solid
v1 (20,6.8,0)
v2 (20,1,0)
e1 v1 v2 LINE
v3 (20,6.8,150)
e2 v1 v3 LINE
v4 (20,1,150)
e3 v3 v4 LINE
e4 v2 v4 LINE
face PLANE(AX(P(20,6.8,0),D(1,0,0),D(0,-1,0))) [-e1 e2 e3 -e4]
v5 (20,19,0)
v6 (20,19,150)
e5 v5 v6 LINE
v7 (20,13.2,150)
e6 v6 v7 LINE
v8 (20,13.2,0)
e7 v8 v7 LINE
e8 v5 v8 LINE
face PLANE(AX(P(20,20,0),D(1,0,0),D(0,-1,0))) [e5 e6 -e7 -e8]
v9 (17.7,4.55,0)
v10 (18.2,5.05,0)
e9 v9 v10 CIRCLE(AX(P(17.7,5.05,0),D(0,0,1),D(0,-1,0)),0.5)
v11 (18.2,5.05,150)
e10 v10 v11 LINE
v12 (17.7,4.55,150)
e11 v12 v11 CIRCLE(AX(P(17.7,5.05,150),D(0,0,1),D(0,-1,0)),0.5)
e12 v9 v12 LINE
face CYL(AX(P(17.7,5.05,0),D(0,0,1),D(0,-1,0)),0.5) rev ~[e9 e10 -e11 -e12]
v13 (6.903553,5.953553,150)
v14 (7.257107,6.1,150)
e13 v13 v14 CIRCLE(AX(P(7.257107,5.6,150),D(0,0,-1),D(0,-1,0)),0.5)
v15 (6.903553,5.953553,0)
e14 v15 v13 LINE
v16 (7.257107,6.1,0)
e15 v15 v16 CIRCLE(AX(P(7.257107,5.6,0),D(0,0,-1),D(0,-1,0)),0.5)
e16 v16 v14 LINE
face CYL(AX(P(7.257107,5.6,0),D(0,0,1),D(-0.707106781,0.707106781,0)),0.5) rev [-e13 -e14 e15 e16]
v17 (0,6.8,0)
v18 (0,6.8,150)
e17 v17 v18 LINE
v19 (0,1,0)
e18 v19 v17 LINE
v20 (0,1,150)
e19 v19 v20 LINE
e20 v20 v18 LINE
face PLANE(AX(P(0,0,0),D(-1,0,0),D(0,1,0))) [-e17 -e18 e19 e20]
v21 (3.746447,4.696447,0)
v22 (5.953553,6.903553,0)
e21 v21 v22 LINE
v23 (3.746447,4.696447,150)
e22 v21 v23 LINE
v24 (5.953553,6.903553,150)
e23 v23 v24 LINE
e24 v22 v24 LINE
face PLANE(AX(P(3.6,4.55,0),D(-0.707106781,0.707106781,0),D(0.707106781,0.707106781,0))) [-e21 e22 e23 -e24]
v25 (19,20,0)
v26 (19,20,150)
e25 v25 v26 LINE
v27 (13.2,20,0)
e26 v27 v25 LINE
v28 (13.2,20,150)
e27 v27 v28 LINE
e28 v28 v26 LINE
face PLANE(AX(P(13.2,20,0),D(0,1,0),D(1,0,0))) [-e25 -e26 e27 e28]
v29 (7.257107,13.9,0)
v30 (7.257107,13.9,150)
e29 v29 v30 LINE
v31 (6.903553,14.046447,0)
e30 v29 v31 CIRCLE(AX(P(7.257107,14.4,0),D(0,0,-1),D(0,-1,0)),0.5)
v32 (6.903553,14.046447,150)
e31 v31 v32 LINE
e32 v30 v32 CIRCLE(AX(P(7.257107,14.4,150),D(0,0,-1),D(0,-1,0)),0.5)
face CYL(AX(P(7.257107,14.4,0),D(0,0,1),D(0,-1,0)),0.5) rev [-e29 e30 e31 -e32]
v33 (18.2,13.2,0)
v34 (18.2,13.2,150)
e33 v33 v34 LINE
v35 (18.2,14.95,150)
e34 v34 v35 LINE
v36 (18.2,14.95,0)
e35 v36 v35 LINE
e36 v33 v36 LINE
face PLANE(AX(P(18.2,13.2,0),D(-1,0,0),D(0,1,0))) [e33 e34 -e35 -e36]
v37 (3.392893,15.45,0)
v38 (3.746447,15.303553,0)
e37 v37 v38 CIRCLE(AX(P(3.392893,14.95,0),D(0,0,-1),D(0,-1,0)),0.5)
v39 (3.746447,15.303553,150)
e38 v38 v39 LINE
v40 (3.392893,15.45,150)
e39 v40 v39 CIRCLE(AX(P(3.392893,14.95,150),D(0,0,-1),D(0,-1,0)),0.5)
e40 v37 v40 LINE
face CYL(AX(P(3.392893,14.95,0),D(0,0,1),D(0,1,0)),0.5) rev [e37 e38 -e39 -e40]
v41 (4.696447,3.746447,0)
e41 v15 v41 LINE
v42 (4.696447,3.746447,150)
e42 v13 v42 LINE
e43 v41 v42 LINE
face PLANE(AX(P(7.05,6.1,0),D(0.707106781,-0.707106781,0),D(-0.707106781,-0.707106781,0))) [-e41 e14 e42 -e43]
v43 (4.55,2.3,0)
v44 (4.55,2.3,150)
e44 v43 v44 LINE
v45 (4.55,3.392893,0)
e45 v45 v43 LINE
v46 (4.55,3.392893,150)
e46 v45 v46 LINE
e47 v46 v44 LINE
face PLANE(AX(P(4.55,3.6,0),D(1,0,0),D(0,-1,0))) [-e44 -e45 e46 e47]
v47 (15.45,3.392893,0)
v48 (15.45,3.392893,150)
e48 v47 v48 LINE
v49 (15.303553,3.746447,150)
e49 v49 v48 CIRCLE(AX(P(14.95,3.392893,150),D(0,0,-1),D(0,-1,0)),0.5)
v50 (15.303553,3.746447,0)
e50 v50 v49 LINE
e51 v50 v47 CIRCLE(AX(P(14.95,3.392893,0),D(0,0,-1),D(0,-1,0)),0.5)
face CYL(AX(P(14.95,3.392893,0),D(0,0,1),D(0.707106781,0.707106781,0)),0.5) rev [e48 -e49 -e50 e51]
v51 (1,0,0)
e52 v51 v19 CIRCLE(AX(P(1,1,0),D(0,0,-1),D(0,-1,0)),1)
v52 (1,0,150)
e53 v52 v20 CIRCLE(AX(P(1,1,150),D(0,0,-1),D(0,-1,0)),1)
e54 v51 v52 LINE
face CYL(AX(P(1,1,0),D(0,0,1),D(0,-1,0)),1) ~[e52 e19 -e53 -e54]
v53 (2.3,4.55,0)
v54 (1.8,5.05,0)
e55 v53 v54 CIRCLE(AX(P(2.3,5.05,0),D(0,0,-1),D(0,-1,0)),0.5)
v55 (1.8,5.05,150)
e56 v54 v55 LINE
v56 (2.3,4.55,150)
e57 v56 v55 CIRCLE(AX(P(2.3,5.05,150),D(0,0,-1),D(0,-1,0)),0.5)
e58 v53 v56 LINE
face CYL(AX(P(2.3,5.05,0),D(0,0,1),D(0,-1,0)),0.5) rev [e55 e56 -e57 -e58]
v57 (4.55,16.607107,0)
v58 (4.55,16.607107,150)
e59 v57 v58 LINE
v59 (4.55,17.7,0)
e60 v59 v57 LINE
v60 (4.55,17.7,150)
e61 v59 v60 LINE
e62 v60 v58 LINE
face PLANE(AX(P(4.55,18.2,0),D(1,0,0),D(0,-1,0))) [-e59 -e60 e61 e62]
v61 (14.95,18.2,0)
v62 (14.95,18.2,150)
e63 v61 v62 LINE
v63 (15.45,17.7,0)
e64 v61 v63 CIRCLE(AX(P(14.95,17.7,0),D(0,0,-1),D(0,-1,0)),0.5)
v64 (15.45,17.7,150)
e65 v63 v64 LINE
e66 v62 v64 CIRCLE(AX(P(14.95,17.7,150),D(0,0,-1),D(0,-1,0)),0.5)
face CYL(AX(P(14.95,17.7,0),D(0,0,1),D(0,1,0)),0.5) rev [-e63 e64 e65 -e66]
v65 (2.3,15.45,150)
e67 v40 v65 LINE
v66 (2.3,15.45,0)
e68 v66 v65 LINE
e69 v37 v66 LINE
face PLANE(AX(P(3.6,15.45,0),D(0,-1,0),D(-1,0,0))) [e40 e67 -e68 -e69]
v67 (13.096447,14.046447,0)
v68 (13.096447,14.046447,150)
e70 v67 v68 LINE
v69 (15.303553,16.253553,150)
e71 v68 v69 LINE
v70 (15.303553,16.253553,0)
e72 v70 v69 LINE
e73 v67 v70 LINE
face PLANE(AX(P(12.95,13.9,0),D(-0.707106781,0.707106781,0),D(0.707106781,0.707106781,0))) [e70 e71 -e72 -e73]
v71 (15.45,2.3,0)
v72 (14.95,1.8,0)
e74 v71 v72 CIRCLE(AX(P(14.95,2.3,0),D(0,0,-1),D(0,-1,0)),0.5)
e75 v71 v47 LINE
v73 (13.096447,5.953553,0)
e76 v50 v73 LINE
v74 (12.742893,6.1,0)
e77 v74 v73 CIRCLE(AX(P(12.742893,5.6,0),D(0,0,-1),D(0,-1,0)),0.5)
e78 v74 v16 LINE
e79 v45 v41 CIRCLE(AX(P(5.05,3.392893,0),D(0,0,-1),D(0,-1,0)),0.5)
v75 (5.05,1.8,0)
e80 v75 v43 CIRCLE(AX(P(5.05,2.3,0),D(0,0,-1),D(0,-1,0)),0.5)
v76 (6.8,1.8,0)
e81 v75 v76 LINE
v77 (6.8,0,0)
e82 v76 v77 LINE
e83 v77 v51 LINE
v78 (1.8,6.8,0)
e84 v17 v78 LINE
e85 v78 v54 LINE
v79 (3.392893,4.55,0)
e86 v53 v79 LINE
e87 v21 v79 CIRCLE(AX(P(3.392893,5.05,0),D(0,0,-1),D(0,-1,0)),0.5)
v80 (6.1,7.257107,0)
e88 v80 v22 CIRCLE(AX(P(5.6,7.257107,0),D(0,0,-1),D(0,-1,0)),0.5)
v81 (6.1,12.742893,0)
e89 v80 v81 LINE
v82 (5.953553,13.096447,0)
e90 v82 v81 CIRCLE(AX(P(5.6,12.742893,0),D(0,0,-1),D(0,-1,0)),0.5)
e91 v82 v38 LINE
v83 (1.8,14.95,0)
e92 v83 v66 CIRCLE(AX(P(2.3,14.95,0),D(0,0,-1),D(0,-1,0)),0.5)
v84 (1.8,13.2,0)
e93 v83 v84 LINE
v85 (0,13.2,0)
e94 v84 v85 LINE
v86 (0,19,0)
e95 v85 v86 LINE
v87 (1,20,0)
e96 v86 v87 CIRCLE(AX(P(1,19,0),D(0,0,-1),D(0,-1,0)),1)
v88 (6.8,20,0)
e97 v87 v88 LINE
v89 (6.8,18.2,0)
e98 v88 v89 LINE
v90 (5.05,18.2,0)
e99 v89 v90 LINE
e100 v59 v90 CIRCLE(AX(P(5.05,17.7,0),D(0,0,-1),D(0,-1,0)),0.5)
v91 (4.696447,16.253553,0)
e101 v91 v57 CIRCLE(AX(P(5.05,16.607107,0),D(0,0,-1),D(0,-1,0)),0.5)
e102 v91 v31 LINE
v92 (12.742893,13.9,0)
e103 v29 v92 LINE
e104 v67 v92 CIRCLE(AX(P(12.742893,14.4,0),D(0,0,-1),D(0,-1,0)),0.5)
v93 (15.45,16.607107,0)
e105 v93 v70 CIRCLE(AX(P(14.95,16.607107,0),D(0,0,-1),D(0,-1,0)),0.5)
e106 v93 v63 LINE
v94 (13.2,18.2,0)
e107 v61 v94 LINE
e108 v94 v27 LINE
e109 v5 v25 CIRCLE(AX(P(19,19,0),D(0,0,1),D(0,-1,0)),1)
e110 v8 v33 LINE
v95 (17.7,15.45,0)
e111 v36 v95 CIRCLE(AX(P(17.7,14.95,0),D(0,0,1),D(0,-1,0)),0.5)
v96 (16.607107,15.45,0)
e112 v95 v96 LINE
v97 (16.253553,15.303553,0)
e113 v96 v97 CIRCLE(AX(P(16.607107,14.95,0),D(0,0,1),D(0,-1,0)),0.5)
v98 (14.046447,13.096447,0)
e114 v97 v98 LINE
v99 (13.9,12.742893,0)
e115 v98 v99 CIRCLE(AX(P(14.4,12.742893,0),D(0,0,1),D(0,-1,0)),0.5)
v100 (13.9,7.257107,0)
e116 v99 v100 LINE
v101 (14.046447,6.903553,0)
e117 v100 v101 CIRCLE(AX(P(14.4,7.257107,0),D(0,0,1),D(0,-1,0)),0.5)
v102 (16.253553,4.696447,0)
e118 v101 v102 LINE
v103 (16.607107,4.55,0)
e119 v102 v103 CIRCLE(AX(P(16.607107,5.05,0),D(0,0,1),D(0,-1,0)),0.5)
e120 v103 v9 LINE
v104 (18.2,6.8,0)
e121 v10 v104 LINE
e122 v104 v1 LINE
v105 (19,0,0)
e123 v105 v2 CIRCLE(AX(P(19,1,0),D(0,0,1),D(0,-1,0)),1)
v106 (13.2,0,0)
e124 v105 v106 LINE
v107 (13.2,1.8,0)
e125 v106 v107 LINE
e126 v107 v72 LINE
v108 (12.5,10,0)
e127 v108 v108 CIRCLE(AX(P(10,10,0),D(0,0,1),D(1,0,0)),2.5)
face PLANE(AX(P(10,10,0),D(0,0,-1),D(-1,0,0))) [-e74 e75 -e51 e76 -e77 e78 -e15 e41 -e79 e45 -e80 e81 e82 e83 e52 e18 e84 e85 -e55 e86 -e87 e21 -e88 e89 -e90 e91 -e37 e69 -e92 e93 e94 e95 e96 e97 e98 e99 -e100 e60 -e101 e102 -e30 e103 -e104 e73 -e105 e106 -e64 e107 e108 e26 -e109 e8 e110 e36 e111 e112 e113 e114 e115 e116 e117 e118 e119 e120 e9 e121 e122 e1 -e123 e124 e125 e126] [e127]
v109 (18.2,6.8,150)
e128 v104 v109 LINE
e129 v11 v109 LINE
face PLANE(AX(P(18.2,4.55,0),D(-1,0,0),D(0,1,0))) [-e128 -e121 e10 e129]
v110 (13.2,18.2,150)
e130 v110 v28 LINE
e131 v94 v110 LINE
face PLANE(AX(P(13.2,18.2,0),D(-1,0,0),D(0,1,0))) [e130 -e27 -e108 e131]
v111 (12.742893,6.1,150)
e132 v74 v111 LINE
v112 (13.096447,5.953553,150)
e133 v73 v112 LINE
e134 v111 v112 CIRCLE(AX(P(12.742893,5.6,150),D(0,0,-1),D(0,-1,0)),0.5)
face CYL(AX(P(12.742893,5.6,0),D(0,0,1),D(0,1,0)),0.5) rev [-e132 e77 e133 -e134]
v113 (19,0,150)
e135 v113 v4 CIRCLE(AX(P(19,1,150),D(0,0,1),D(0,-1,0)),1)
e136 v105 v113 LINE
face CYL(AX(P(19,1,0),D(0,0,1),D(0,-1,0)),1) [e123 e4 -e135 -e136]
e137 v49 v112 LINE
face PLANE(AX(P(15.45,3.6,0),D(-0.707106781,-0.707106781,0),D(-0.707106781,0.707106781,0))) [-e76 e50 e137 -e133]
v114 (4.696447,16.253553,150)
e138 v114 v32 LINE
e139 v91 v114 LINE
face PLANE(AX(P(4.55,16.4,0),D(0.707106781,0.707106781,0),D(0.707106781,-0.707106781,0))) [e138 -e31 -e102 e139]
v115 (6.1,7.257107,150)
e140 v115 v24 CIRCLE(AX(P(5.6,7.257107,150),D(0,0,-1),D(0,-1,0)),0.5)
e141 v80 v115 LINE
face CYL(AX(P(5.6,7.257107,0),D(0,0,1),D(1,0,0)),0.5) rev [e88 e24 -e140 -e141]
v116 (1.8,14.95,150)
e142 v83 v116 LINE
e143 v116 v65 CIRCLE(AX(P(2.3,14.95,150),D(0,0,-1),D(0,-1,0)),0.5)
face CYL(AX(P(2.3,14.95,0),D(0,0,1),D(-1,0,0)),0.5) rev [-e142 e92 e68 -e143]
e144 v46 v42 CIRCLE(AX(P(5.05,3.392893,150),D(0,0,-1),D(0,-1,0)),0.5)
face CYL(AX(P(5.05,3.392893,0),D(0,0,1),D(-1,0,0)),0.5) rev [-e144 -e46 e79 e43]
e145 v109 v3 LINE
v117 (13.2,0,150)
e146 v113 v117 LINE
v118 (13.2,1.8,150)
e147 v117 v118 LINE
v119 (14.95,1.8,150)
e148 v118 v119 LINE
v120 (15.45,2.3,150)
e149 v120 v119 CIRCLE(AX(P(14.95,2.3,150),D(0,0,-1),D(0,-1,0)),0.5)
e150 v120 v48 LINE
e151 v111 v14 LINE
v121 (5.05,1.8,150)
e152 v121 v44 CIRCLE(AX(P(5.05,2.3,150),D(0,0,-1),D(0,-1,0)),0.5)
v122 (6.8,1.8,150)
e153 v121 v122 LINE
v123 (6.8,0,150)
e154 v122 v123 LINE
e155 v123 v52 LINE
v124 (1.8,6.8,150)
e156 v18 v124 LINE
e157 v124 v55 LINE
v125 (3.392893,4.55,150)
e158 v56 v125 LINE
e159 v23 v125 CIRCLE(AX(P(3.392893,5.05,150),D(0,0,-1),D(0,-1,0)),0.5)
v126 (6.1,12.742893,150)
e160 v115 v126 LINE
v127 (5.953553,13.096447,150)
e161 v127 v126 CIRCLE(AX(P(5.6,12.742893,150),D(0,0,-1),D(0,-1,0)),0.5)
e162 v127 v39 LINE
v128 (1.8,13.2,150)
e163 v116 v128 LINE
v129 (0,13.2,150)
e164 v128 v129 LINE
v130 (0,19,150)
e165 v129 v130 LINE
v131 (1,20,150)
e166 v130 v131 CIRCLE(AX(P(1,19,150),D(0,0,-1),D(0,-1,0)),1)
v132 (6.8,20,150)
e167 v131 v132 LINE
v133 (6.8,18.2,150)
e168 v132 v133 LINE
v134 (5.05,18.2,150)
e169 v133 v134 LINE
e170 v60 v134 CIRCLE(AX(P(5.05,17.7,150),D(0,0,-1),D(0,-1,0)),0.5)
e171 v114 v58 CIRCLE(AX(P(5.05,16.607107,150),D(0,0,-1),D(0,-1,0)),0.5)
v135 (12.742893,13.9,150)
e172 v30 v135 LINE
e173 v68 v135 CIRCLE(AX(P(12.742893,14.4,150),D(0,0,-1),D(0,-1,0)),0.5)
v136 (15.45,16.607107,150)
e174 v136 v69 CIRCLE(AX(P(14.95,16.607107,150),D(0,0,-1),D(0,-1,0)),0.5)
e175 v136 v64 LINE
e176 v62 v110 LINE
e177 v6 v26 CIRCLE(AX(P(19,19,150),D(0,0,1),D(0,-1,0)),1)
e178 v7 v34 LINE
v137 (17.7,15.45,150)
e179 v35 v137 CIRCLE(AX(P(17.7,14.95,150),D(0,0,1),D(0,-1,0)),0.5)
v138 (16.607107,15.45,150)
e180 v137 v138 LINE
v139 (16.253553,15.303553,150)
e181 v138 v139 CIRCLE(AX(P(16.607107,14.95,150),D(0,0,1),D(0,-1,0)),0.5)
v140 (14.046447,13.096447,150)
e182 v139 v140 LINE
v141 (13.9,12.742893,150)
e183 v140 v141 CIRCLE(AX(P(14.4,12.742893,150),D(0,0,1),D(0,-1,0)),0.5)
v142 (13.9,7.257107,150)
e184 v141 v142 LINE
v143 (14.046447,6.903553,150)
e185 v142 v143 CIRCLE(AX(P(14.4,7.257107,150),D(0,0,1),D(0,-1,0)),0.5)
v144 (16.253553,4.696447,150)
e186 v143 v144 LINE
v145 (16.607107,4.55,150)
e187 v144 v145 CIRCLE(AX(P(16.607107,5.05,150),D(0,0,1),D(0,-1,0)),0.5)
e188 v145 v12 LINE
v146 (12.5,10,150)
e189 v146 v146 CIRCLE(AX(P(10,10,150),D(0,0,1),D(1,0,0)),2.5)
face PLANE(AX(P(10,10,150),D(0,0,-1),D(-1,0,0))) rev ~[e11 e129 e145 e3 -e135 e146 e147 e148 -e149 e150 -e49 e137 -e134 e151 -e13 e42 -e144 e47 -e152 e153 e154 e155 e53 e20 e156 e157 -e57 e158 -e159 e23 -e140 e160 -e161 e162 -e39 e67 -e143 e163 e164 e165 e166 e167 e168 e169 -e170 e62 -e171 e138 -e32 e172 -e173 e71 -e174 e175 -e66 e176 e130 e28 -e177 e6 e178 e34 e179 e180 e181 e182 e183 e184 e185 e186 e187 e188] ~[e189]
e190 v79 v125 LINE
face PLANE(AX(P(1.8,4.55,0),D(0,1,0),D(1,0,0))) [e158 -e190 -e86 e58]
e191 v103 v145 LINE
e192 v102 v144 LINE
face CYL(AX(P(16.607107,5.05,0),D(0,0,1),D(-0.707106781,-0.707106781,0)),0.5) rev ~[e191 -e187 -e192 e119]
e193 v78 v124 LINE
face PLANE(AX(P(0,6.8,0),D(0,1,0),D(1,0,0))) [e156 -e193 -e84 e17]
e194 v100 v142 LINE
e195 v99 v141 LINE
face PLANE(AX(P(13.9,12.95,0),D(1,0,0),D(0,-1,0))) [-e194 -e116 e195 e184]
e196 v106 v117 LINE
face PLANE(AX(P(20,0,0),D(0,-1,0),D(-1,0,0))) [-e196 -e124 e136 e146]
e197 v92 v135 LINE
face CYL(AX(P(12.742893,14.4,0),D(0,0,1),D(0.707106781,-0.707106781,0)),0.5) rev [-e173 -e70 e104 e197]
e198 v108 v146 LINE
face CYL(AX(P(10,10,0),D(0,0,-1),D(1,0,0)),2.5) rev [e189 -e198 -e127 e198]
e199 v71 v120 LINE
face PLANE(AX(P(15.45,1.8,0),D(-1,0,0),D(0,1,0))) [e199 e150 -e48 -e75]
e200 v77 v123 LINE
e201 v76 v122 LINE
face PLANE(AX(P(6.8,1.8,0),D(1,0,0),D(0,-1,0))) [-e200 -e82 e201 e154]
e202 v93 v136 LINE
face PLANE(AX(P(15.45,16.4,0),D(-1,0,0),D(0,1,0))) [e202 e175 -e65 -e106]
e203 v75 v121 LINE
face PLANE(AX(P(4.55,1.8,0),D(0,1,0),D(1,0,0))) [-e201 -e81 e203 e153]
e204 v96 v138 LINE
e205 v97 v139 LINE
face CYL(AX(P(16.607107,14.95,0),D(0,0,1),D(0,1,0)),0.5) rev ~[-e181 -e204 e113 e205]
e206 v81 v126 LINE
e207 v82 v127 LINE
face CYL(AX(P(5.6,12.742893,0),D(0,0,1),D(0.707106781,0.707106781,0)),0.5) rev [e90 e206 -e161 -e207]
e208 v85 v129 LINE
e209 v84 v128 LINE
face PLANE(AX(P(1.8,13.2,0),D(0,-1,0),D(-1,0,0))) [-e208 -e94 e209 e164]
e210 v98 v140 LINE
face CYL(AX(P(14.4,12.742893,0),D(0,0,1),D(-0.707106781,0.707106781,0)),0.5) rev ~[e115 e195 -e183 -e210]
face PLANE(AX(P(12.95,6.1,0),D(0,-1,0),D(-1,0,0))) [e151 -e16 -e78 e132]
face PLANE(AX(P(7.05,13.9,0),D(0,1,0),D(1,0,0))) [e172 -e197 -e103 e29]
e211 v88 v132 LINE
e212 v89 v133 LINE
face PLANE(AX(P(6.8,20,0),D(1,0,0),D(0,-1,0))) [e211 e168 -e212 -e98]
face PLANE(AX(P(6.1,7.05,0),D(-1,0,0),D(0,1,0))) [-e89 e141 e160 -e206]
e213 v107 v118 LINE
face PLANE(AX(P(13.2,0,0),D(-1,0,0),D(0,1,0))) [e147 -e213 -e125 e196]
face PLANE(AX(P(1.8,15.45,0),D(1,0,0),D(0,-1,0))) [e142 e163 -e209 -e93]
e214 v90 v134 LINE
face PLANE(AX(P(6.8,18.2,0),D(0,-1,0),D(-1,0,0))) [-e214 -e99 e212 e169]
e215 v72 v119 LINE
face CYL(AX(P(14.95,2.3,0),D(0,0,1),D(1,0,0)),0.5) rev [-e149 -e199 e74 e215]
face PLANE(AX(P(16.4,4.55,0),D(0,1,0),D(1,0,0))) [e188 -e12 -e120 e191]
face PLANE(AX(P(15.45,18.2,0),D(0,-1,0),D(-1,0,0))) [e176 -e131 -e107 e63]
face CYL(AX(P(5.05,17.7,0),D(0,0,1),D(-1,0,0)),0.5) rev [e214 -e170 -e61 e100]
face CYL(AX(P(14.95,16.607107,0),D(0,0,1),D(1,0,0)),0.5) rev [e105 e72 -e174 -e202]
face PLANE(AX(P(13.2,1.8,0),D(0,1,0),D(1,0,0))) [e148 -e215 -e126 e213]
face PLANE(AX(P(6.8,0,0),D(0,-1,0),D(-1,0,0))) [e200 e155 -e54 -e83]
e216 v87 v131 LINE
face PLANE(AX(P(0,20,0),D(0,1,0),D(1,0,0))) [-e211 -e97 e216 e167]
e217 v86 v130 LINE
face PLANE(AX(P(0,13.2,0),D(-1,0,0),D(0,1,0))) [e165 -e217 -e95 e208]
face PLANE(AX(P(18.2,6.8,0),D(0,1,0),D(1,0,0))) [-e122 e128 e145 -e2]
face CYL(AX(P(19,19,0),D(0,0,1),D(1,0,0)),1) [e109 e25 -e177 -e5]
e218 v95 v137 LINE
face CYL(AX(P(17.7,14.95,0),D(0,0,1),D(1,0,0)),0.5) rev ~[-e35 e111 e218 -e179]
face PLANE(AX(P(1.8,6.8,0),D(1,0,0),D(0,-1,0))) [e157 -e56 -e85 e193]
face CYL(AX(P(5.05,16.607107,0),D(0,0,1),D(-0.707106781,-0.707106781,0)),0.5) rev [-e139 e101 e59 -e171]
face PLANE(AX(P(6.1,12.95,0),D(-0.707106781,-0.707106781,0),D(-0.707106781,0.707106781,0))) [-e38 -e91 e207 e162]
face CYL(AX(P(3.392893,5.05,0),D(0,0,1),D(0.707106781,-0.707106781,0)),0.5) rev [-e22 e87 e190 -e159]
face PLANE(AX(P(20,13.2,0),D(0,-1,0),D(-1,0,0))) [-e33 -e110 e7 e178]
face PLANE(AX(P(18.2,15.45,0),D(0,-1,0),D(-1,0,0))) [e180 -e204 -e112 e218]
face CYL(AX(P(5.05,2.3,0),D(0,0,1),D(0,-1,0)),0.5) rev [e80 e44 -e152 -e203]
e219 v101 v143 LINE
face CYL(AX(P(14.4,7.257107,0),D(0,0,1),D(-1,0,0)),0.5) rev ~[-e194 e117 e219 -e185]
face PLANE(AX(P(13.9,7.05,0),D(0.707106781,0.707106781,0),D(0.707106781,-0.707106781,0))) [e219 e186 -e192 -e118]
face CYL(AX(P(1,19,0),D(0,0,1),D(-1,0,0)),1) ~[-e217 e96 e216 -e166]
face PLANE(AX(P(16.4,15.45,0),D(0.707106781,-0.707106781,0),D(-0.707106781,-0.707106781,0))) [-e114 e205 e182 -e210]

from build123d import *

# Parameters (mm, degrees)
SKETCH1_R           = 2.5
BOSS_EXTRUDE1_DEPTH = 150
FILLET1_R           = 1
FILLET2_R           = 0.5
FILLET3_R           = 0.5
FILLET4_R           = 0.5
FILLET5_R           = 0.5


with BuildPart() as part:
    # Sketch1 → Boss-Extrude1 (new body)
    with BuildSketch(Plane.XY):
        Polygon((13.2, 0), (13.2, 1.8), (15.45, 1.8), (15.45, 3.6), (12.95, 6.1), (7.05, 6.1), (4.55, 3.6), (4.55, 1.8), (6.8, 1.8), (6.8, 0), (0, 0), (0, 6.8), (1.8, 6.8), (1.8, 4.55), (3.6, 4.55), (6.1, 7.05), (6.1, 12.95), (3.6, 15.45), (1.8, 15.45), (1.8, 13.2), (0, 13.2), (0, 20), (6.8, 20), (6.8, 18.2), (4.55, 18.2), (4.55, 16.4), (7.05, 13.9), (12.95, 13.9), (15.45, 16.4), (15.45, 18.2), (13.2, 18.2), (13.2, 20), (20, 20), (20, 13.2), (18.2, 13.2), (18.2, 15.45), (16.4, 15.45), (13.9, 12.95), (13.9, 7.05), (16.4, 4.55), (18.2, 4.55), (18.2, 6.8), (20, 6.8), (20, 0), align=None)
        with Locations((10, 10)):
            Circle(SKETCH1_R, mode=Mode.SUBTRACT)
    extrude(amount=BOSS_EXTRUDE1_DEPTH)

    # Fillet1
    fillet1_edges = [part.edges().sort_by_distance(p)[0] for p in [
        (0, 0, 75),
        (0, 20, 75),
        (20, 20, 75),
        (20, 0, 75),
    ]]
    fillet(fillet1_edges, radius=FILLET1_R)

    # Fillet2
    fillet2_edges = [part.edges().sort_by_distance(p)[0] for p in [
        (4.55, 18.2, 75),
        (4.55, 16.4, 75),
        (7.05, 13.9, 75),
        (12.95, 13.9, 75),
        (15.45, 16.4, 75),
        (15.45, 18.2, 75),
    ]]
    fillet(fillet2_edges, radius=FILLET2_R)

    # Fillet3
    fillet3_edges = [part.edges().sort_by_distance(p)[0] for p in [
        (18.2, 15.45, 75),
        (16.4, 15.45, 75),
        (13.9, 12.95, 75),
        (13.9, 7.05, 75),
        (16.4, 4.55, 75),
        (18.2, 4.55, 75),
    ]]
    fillet(fillet3_edges, radius=FILLET3_R)

    # Fillet4
    fillet4_edges = [part.edges().sort_by_distance(p)[0] for p in [
        (1.8, 4.55, 75),
        (3.6, 4.55, 75),
        (6.1, 7.05, 75),
        (6.1, 12.95, 75),
        (3.6, 15.45, 75),
        (1.8, 15.45, 75),
    ]]
    fillet(fillet4_edges, radius=FILLET4_R)

    # Fillet5
    fillet5_edges = [part.edges().sort_by_distance(p)[0] for p in [
        (15.45, 1.8, 75),
        (15.45, 3.6, 75),
        (12.95, 6.1, 75),
        (7.05, 6.1, 75),
        (4.55, 3.6, 75),
        (4.55, 1.8, 75),
    ]]
    fillet(fillet5_edges, radius=FILLET5_R)


solid = part.part
